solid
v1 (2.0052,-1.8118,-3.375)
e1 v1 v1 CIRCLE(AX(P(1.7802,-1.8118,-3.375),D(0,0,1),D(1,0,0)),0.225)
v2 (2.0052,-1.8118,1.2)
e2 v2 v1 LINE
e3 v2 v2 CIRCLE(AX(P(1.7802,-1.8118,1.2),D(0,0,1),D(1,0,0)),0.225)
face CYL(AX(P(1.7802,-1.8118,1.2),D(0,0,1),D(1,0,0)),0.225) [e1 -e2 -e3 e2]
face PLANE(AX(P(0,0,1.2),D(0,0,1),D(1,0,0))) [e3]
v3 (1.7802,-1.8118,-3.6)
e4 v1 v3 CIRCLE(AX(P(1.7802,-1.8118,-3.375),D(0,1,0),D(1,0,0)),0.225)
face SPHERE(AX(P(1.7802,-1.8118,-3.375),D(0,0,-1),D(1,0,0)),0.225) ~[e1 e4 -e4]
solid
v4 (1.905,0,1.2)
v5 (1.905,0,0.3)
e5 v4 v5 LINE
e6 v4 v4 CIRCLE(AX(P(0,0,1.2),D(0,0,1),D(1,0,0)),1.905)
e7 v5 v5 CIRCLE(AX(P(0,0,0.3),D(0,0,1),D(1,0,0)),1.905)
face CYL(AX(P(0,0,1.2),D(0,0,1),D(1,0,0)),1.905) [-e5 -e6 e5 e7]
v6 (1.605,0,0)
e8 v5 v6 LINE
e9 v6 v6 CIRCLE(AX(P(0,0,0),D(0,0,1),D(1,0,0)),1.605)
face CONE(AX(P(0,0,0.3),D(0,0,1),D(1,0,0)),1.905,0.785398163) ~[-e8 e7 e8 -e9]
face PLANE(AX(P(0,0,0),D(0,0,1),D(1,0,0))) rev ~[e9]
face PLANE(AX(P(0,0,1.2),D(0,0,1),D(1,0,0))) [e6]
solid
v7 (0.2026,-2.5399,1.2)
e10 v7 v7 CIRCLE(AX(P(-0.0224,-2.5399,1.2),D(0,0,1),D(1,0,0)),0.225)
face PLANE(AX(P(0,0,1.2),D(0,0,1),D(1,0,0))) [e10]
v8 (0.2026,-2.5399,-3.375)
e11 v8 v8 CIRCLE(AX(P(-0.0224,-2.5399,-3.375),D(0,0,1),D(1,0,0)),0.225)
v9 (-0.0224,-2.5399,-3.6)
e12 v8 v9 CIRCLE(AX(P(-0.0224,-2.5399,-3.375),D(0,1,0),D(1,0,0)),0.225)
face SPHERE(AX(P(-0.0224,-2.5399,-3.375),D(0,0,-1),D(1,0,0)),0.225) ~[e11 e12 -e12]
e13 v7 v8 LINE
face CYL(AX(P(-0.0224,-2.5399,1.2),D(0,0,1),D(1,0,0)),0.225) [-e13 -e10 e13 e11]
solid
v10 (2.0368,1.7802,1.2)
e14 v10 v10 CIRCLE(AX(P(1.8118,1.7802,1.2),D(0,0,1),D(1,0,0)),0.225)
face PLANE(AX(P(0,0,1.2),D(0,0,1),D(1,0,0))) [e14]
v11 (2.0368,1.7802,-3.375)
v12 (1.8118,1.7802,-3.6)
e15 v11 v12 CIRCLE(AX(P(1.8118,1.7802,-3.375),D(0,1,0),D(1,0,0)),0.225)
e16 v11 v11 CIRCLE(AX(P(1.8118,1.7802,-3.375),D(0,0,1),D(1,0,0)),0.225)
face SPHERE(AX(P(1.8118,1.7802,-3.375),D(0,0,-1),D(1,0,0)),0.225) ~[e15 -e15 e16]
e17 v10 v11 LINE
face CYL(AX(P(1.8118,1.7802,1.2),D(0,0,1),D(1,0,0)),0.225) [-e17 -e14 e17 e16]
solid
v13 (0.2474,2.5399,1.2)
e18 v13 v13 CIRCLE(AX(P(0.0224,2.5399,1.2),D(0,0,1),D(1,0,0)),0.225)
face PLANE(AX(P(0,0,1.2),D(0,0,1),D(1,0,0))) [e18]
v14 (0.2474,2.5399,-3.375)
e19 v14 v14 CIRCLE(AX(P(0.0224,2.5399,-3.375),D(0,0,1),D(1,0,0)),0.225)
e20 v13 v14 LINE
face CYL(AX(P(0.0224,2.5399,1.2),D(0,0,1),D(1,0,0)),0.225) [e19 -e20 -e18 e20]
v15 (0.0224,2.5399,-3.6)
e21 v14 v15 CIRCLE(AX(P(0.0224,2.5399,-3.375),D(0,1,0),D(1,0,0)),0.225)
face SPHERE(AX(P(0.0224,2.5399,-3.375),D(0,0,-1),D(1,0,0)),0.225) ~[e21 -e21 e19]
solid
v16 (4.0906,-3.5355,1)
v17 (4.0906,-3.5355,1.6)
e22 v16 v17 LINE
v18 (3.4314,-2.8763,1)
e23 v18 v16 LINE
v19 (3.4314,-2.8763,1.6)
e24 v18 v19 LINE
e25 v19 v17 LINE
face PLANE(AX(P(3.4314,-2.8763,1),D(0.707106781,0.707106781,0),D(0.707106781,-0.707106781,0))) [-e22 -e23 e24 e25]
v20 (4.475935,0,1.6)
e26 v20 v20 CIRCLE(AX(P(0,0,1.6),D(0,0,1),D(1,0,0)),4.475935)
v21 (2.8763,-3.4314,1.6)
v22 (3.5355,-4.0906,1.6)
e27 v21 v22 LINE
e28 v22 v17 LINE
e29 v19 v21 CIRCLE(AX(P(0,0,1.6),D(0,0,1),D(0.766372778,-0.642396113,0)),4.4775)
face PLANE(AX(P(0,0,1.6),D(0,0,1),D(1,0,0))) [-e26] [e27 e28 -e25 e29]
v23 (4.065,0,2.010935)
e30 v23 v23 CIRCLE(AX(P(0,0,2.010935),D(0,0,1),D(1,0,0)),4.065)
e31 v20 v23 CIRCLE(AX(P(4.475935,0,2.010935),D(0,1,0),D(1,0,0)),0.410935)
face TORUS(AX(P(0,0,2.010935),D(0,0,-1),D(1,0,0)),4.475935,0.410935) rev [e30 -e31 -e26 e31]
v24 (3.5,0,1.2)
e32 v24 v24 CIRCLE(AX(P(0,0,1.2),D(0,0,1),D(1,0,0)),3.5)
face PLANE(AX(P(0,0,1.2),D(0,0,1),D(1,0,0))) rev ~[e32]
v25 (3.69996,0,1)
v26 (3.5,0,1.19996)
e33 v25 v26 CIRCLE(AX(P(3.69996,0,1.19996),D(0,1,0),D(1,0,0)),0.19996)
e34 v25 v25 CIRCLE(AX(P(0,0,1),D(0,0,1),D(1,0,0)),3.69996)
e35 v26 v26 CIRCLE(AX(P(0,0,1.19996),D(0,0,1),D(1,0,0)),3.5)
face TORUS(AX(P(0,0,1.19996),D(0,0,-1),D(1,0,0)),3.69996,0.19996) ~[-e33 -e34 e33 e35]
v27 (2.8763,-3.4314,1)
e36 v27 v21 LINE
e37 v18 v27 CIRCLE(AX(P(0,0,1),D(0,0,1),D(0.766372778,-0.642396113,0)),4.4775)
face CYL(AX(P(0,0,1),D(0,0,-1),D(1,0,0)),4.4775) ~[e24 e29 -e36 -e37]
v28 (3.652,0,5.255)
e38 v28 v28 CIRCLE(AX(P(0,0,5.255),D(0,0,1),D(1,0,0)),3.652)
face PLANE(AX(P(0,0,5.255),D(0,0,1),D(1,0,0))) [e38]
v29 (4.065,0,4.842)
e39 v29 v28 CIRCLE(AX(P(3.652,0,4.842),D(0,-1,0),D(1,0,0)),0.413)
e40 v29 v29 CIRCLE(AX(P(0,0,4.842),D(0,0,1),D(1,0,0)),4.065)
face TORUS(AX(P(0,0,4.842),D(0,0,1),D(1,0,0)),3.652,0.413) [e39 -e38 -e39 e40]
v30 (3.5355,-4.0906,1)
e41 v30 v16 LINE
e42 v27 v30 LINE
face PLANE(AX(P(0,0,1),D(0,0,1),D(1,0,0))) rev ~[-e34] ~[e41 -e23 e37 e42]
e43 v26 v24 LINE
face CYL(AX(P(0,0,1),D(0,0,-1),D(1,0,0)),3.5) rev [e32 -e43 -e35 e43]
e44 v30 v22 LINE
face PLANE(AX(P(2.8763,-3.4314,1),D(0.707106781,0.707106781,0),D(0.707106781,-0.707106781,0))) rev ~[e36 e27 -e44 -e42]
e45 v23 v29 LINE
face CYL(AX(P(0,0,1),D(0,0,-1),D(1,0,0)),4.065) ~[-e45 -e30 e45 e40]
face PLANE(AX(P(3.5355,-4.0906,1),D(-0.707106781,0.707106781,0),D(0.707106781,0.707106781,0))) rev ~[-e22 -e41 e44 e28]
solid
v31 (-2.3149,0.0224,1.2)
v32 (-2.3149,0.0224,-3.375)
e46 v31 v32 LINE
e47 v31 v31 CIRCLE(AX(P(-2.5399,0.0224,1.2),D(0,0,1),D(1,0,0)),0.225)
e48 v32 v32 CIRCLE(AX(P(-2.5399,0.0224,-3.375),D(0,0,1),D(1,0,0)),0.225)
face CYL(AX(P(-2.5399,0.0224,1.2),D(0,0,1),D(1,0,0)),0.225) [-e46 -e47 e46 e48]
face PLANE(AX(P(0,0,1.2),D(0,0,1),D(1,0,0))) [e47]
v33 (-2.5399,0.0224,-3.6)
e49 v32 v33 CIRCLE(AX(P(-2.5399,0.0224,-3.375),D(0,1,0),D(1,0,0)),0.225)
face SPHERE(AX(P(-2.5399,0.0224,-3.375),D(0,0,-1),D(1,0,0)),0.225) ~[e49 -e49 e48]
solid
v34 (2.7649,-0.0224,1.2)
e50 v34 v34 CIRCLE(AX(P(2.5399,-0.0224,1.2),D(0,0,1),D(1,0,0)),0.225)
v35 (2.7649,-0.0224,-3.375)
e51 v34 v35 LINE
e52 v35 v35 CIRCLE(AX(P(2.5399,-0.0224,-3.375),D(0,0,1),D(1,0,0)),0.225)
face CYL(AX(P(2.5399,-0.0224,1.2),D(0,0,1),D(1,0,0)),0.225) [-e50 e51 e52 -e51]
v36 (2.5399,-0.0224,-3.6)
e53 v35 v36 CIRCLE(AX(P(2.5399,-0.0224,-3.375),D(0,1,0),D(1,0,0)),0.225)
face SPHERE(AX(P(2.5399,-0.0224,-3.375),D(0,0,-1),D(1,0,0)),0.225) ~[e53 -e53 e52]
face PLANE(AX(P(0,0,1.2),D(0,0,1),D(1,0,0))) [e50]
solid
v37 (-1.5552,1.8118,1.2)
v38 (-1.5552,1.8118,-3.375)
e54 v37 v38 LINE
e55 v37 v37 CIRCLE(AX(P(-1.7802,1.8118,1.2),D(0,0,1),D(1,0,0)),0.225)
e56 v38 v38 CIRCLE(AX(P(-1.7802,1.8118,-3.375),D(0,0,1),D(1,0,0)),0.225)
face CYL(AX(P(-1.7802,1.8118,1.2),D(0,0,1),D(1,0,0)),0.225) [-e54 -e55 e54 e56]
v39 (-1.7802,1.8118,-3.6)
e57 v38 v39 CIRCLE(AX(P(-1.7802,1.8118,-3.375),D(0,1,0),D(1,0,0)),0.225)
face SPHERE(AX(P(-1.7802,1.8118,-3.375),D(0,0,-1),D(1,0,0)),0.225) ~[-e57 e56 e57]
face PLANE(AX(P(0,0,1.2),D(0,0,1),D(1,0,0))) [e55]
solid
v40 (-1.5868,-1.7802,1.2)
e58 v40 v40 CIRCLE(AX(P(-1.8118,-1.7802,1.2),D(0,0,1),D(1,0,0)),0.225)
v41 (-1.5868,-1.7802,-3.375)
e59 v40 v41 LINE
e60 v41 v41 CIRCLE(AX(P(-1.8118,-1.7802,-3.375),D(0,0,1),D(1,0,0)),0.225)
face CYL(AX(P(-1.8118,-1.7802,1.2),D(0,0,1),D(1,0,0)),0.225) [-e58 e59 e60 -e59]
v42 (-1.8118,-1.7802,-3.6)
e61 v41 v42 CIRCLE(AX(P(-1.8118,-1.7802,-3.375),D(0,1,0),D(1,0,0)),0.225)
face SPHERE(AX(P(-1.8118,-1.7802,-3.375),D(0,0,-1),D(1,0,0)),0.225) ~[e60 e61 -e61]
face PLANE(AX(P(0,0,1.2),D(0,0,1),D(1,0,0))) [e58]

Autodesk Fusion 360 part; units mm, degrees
ref_plane "WorkPlane1" through (0, 0, 1) normal (0, 0, 1) x (1, 0, 0)
sketch "Sketch1" plane through (0, 0, 1) normal (0, 0, 1) x (1, 0, 0)
  circle A0 centre (0, 0) radius 2.54 construction
  circle A1 centre (-2.5399, 0.0224) radius 0.225
  circle A2 centre (-1.8118, -1.7802) radius 0.225
  circle A3 centre (-0.0224, -2.5399) radius 0.225
  circle A4 centre (1.7802, -1.8118) radius 0.225
  circle A5 centre (2.5399, -0.0224) radius 0.225
  circle A6 centre (1.8118, 1.7802) radius 0.225
  circle A7 centre (0.0224, 2.5399) radius 0.225
  circle A8 centre (-1.7802, 1.8118) radius 0.225
  dimension "d1" = 5.08
  dimension "d2" = 0.45
  dimension "d4" = 360
extrude "Extrude1" add sketch "Sketch1" along normal blind -4.6 and the other way blind -0.2 makes body 1 at (2.0357, 1.7578, -0.4) makes body 2 at (-1.5879, -1.8026, -0.4) makes body 3 at (-2.316, 0, -0.4) makes body 4 at (2.7638, -0.0448, -0.4) makes body 5 at (0.2463, 2.5175, -0.4) makes body 6 at (0.2015, -2.5623, -0.4) makes body 7 at (-1.5563, 1.7894, -0.4) makes body 8 at (2.004, -1.8342, -0.4)
fillet "Fillet4" radius 0.225 8 faces at (1.9893, 1.7476, -3.6) (-1.6359, -1.799, -3.6) (-2.6141, 0.0336, -3.6) (2.4657, -0.0112, -3.6) (0.009, 2.4813, -3.6) (-0.0584, -2.6018, -3.6) (-1.7719, 1.9438, -3.6) (1.8032, -1.9005, -3.6) on bodies 1 2 3 4 5 6 7 8
sketch "Sketch2" plane through (0, 0, 1) normal (0, 0, 1) x (1, 0, 0)
  circle A0 centre (0, 0) radius 4.4775
  circle A1 centre (0, 0) radius 4.065
  line L0 (0, 0) -> (5.001, -5.001) construction
  line L1 (0, 0) -> (7.0725, 0) construction
  line L2 (-0.9476, 0.3925) -> (7.0725, 0.3925) construction
  line L3 (3.4314, -2.8763) -> (4.0906, -3.5355)
  line L4 (0.9476, -0.3925) -> (7.0725, -0.3925) construction
  line L5 (3.5355, -4.0906) -> (4.0906, -3.5355)
  line L6 (2.8763, -3.4314) -> (3.5355, -4.0906)
  circle A2 centre (0, 0) radius 1.905
  circle A3 centre (0, 0) radius 3.5
  dimension "d8" = 8.955
  dimension "d9" = 8.13
  dimension "d18" = 45
  dimension "d21" = 0.915
  dimension "d24" = 3.81
extrude "Extrude2" add sketch "Sketch2" along normal blind 0.6 separate body contours A0 makes body 9
extrude "Extrude3" add sketch "Sketch2" along normal blind 4.255 contours A1 | A2 | A3 bodies 9
fillet "Fillet1" radius 0.413 1 edges at (-3.7899, 1.47, 1.6) on bodies 9
fillet "Fillet2" radius 0.413 1 edges at (-3.7899, -1.47, 5.255) on bodies 9
extrude "Extrude4" add sketch "Sketch2" along normal blind 0.6 contours A0 L3 L5 L6 bodies 9
extrude "Extrude5" add sketch "Sketch2" along normal blind -1 and the other way blind -0.2 separate body contours A2 makes body 10
extrude "Extrude6" cut sketch "Sketch2" along normal blind 0.2 contours A2 | A3 bodies 9
fillet "Fillet3" radius 0.2 1 edges at (-3.2631, -1.2657, 1) on bodies 9
chamfer "Chamfer1" distance 0.3 angle 45 1 edges at (-1.7761, 0.6889, 0) on bodies 10
equation "d1 = ( 2.54 * 2 ) * 1 mm"
equation "d6 = -1 mm - 1.6 mm - 2 mm"
equation "d24 = ( ( 4.06 + 3.56 ) / 2 ) * 1 mm"
